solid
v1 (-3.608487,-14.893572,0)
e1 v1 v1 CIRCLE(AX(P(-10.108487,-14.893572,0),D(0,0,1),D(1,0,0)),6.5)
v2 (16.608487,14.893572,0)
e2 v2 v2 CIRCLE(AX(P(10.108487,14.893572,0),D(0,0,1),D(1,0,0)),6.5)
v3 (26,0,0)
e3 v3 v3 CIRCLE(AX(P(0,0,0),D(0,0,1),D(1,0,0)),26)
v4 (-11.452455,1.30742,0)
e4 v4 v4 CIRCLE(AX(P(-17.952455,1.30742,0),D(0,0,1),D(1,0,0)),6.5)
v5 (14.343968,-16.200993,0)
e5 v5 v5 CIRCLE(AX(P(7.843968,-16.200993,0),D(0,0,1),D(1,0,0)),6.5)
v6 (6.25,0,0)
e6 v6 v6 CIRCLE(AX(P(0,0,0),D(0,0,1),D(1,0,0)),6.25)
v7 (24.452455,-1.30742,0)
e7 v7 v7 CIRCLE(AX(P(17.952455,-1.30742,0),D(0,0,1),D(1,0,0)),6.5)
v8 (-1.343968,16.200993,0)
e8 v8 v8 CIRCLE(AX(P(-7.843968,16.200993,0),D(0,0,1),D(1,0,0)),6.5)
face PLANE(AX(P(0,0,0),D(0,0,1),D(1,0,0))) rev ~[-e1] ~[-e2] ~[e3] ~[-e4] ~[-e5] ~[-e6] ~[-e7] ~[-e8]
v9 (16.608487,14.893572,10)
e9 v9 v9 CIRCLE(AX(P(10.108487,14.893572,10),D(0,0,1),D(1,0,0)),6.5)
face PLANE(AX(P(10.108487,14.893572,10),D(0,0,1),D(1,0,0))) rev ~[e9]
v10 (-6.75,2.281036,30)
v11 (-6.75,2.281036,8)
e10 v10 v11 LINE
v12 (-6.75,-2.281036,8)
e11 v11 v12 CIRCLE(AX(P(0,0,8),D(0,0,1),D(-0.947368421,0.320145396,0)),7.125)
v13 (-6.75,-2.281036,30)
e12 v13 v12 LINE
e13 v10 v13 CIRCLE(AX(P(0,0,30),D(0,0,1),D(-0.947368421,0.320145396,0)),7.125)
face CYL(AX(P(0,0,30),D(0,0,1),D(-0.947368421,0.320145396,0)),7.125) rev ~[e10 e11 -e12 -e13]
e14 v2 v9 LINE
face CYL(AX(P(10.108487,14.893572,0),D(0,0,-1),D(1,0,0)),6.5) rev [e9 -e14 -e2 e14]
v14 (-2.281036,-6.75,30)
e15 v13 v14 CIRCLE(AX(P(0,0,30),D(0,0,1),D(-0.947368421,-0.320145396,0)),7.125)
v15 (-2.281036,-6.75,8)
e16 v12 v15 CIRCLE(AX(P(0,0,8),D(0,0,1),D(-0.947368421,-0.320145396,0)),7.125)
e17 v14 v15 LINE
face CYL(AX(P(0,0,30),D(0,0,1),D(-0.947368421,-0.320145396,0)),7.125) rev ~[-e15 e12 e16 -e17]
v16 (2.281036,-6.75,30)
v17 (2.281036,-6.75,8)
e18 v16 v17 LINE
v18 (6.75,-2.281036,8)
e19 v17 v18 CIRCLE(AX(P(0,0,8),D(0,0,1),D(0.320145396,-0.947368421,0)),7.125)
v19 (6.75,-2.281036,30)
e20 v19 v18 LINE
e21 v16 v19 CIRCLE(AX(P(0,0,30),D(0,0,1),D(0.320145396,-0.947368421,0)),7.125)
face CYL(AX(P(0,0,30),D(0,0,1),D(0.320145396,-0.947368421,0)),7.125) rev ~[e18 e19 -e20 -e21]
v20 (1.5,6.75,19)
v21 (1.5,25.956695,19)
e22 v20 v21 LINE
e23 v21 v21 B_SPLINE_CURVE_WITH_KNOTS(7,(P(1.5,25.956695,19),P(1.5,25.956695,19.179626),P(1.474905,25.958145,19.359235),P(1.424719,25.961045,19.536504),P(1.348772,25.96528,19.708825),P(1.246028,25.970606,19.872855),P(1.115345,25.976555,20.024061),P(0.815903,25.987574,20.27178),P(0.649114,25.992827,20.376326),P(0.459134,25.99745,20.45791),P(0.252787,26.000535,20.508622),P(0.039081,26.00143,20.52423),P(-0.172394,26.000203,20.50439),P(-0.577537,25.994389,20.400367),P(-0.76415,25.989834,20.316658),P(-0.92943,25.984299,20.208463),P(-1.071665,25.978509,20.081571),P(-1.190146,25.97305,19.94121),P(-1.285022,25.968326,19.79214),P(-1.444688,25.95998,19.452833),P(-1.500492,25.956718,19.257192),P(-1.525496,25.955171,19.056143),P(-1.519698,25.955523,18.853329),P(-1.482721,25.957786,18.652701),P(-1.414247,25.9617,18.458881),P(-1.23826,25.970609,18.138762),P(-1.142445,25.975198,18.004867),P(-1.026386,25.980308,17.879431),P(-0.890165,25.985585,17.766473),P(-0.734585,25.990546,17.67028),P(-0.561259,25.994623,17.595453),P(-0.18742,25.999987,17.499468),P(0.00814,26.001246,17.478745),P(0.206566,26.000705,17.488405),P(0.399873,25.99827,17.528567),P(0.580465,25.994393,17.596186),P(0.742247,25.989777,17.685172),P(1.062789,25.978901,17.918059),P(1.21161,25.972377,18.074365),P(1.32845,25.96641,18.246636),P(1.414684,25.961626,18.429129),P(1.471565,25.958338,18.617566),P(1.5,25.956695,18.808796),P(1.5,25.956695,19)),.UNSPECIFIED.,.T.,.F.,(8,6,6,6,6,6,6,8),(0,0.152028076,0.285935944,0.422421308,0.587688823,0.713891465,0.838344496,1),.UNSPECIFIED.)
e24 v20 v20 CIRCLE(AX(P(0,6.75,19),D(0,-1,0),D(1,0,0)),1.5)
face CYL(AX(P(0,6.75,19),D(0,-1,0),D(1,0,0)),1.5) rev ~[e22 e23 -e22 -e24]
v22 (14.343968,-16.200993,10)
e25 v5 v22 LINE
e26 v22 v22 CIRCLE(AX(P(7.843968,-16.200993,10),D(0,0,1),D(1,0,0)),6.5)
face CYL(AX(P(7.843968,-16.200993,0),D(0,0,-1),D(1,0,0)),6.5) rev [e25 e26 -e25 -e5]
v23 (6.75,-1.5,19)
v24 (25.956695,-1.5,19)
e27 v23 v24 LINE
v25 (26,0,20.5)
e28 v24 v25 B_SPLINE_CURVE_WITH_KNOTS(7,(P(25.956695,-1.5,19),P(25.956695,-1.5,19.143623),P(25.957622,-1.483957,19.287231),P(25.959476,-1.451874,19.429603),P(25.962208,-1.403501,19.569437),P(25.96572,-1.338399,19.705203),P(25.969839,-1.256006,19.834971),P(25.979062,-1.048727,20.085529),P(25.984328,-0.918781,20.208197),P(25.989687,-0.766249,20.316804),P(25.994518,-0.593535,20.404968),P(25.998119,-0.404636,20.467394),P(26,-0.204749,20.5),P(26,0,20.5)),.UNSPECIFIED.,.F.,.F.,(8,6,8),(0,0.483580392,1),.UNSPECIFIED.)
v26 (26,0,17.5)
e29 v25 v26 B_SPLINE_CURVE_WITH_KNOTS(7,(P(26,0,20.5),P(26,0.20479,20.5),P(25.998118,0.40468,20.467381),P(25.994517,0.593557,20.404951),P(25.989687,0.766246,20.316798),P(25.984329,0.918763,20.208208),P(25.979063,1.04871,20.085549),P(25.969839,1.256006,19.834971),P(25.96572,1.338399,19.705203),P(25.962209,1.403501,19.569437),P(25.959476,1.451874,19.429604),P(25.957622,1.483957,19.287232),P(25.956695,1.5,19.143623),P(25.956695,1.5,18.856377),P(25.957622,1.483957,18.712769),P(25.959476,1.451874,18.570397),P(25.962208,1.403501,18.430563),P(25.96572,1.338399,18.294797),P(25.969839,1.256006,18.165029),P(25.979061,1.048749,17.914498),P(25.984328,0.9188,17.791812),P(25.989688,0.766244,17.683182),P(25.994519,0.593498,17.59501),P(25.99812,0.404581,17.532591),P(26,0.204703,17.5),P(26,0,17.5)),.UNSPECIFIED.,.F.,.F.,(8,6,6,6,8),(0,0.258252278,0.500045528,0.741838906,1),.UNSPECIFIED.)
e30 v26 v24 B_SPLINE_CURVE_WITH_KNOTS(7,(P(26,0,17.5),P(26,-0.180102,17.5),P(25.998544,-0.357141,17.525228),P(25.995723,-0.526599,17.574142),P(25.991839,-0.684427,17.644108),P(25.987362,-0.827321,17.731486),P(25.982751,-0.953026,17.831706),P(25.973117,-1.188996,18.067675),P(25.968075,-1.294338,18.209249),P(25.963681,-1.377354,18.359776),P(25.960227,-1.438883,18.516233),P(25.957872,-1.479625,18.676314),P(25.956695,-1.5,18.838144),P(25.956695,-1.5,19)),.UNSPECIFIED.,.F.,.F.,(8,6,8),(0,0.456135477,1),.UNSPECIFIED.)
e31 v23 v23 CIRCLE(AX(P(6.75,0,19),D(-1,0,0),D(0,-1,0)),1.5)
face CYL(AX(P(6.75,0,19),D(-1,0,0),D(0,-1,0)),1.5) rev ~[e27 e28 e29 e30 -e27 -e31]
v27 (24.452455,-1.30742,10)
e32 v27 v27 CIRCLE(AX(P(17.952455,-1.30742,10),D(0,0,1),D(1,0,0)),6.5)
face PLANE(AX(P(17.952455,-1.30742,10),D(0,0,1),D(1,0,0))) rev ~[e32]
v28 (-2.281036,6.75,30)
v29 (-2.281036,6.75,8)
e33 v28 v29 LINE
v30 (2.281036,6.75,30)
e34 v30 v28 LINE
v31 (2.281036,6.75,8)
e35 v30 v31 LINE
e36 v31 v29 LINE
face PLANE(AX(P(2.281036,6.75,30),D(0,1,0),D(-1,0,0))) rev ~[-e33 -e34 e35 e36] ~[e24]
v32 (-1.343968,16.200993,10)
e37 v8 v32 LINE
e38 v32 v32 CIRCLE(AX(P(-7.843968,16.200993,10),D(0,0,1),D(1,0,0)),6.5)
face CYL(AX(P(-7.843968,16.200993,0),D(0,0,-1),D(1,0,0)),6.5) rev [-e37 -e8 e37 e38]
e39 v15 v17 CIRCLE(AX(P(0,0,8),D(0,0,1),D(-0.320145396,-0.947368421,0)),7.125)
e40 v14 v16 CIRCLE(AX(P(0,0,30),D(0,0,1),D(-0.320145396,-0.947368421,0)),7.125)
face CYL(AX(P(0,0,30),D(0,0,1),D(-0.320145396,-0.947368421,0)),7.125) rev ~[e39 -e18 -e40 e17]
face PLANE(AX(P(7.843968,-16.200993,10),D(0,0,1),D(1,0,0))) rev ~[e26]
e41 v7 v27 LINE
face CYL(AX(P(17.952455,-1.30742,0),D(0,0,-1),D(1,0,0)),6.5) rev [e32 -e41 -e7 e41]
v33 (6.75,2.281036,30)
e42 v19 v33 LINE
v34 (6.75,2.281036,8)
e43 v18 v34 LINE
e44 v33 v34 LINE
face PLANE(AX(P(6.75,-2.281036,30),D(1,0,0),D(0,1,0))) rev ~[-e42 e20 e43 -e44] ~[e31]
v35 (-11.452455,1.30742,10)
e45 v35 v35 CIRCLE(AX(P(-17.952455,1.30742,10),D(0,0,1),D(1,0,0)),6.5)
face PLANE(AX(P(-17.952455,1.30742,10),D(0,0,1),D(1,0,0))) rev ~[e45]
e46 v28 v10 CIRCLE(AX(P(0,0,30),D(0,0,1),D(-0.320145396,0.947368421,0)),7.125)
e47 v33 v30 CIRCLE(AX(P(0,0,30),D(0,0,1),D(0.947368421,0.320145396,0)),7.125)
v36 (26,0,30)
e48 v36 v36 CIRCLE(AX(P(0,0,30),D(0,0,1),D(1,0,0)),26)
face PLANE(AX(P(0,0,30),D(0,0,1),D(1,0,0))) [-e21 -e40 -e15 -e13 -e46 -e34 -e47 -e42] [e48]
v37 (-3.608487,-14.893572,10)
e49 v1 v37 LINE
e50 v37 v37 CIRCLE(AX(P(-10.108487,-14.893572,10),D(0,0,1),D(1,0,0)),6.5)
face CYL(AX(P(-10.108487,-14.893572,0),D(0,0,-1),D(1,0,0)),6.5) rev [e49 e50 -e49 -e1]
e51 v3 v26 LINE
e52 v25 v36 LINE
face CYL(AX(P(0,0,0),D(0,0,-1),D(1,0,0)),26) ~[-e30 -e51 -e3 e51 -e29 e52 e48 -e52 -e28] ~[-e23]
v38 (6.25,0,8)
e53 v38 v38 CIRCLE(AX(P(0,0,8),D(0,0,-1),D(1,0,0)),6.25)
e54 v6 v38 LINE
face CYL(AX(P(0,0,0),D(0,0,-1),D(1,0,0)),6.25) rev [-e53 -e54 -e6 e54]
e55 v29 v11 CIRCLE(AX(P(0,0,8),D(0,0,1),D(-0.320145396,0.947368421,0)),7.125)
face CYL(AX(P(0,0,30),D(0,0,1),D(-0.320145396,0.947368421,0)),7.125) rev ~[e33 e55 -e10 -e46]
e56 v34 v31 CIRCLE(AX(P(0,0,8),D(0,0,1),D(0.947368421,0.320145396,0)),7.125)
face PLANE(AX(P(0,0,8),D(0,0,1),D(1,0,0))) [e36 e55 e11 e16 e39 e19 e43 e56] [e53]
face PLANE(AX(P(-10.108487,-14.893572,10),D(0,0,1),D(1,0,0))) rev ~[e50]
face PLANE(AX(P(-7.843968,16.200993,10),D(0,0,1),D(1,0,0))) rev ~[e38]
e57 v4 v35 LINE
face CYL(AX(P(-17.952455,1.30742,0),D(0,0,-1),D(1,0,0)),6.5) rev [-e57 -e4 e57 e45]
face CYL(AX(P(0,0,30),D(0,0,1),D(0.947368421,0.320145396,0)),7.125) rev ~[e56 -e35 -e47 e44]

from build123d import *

# Parameters (mm, degrees)
F0_R      = 26
F0_R_2    = 6.25
F1_DEPTH  = 30
F3_DEPTH  = 25
F4_DEPTH  = 22
F5_R      = 1.5
F6_DEPTH  = 25
F7_R      = 1.5
F8_DEPTH  = 25
F9_R      = 6.5
F10_DEPTH = 10


with BuildPart() as f1:
    # F0 (on Top) → F1 (new body)
    with BuildSketch(Plane.XY):
        Circle(F0_R)
        Circle(F0_R_2, mode=Mode.SUBTRACT)
        Circle(F0_R_2)
    extrude(amount=F1_DEPTH)

    # F0 (on Top) → F3 (cut)
    with BuildSketch(Plane.XY):
        Circle(F0_R_2)
    extrude(amount=F3_DEPTH, mode=Mode.SUBTRACT)

    # F2 (on face) → F4 (cut)
    with BuildSketch(Plane.XY.offset(30)):
        with BuildLine():
            Line((6.75, -2.2810359489), (6.75, 2.2810359489))
            ThreePointArc((6.75, 2.2810359489), (5.038135816, 5.038135816), (2.2810359489, 6.75))
            Line((2.2810359489, 6.75), (-2.2810359489, 6.75))
            ThreePointArc((-2.2810359489, 6.75), (-5.038135816, 5.038135816), (-6.75, 2.2810359489))
            Line((-6.75, 2.2810359489), (-6.75, -2.2810359489))
            ThreePointArc((-6.75, -2.2810359489), (-5.038135816, -5.038135816), (-2.2810359489, -6.75))
            Line((-2.2810359489, -6.75), (2.2810359489, -6.75))
            ThreePointArc((2.2810359489, -6.75), (5.038135816, -5.038135816), (6.75, -2.2810359489))
        make_face()
        with BuildLine():
            Line((-6.75, -2.2810359489), (-6.75, 2.2810359489))
            ThreePointArc((-6.75, 2.2810359489), (-7.125, 0), (-6.75, -2.2810359489))
        make_face()
        with BuildLine():
            ThreePointArc((-2.2810359489, -6.75), (0, -7.125), (2.2810359489, -6.75))
            Line((2.2810359489, -6.75), (-2.2810359489, -6.75))
        make_face()
    extrude(amount=-F4_DEPTH, mode=Mode.SUBTRACT)

    # F5 (on face) → F6 (cut)
    with BuildSketch(Plane(origin=(6.75, 0, 0), x_dir=(0, -1, 0), z_dir=(-1, 0, 0))):
        with Locations((0, 19)):
            Circle(F5_R)
    extrude(amount=-F6_DEPTH, mode=Mode.SUBTRACT)

    # F7 (on face) → F8 (cut)
    with BuildSketch(Plane.XZ.offset(-6.75)):
        with Locations((0, 19)):
            Circle(F7_R)
    extrude(amount=-F8_DEPTH, mode=Mode.SUBTRACT)

    # F9 (on face) → F10 (cut)
    with BuildSketch(Plane.XY):
        with Locations((-7.8439684669, 16.2009925218)):
            Circle(F9_R)
        with Locations((10.1084868569, 14.8935722197)):
            Circle(F9_R)
        with Locations((17.9524553238, -1.3074203021)):
            Circle(F9_R)
        with Locations((7.8439684669, -16.2009925218)):
            Circle(F9_R)
        with Locations((-10.1084868569, -14.8935722197)):
            Circle(F9_R)
        with Locations((-17.9524553238, 1.3074203021)):
            Circle(F9_R)
    extrude(amount=F10_DEPTH, mode=Mode.SUBTRACT)


solid = f1.part
